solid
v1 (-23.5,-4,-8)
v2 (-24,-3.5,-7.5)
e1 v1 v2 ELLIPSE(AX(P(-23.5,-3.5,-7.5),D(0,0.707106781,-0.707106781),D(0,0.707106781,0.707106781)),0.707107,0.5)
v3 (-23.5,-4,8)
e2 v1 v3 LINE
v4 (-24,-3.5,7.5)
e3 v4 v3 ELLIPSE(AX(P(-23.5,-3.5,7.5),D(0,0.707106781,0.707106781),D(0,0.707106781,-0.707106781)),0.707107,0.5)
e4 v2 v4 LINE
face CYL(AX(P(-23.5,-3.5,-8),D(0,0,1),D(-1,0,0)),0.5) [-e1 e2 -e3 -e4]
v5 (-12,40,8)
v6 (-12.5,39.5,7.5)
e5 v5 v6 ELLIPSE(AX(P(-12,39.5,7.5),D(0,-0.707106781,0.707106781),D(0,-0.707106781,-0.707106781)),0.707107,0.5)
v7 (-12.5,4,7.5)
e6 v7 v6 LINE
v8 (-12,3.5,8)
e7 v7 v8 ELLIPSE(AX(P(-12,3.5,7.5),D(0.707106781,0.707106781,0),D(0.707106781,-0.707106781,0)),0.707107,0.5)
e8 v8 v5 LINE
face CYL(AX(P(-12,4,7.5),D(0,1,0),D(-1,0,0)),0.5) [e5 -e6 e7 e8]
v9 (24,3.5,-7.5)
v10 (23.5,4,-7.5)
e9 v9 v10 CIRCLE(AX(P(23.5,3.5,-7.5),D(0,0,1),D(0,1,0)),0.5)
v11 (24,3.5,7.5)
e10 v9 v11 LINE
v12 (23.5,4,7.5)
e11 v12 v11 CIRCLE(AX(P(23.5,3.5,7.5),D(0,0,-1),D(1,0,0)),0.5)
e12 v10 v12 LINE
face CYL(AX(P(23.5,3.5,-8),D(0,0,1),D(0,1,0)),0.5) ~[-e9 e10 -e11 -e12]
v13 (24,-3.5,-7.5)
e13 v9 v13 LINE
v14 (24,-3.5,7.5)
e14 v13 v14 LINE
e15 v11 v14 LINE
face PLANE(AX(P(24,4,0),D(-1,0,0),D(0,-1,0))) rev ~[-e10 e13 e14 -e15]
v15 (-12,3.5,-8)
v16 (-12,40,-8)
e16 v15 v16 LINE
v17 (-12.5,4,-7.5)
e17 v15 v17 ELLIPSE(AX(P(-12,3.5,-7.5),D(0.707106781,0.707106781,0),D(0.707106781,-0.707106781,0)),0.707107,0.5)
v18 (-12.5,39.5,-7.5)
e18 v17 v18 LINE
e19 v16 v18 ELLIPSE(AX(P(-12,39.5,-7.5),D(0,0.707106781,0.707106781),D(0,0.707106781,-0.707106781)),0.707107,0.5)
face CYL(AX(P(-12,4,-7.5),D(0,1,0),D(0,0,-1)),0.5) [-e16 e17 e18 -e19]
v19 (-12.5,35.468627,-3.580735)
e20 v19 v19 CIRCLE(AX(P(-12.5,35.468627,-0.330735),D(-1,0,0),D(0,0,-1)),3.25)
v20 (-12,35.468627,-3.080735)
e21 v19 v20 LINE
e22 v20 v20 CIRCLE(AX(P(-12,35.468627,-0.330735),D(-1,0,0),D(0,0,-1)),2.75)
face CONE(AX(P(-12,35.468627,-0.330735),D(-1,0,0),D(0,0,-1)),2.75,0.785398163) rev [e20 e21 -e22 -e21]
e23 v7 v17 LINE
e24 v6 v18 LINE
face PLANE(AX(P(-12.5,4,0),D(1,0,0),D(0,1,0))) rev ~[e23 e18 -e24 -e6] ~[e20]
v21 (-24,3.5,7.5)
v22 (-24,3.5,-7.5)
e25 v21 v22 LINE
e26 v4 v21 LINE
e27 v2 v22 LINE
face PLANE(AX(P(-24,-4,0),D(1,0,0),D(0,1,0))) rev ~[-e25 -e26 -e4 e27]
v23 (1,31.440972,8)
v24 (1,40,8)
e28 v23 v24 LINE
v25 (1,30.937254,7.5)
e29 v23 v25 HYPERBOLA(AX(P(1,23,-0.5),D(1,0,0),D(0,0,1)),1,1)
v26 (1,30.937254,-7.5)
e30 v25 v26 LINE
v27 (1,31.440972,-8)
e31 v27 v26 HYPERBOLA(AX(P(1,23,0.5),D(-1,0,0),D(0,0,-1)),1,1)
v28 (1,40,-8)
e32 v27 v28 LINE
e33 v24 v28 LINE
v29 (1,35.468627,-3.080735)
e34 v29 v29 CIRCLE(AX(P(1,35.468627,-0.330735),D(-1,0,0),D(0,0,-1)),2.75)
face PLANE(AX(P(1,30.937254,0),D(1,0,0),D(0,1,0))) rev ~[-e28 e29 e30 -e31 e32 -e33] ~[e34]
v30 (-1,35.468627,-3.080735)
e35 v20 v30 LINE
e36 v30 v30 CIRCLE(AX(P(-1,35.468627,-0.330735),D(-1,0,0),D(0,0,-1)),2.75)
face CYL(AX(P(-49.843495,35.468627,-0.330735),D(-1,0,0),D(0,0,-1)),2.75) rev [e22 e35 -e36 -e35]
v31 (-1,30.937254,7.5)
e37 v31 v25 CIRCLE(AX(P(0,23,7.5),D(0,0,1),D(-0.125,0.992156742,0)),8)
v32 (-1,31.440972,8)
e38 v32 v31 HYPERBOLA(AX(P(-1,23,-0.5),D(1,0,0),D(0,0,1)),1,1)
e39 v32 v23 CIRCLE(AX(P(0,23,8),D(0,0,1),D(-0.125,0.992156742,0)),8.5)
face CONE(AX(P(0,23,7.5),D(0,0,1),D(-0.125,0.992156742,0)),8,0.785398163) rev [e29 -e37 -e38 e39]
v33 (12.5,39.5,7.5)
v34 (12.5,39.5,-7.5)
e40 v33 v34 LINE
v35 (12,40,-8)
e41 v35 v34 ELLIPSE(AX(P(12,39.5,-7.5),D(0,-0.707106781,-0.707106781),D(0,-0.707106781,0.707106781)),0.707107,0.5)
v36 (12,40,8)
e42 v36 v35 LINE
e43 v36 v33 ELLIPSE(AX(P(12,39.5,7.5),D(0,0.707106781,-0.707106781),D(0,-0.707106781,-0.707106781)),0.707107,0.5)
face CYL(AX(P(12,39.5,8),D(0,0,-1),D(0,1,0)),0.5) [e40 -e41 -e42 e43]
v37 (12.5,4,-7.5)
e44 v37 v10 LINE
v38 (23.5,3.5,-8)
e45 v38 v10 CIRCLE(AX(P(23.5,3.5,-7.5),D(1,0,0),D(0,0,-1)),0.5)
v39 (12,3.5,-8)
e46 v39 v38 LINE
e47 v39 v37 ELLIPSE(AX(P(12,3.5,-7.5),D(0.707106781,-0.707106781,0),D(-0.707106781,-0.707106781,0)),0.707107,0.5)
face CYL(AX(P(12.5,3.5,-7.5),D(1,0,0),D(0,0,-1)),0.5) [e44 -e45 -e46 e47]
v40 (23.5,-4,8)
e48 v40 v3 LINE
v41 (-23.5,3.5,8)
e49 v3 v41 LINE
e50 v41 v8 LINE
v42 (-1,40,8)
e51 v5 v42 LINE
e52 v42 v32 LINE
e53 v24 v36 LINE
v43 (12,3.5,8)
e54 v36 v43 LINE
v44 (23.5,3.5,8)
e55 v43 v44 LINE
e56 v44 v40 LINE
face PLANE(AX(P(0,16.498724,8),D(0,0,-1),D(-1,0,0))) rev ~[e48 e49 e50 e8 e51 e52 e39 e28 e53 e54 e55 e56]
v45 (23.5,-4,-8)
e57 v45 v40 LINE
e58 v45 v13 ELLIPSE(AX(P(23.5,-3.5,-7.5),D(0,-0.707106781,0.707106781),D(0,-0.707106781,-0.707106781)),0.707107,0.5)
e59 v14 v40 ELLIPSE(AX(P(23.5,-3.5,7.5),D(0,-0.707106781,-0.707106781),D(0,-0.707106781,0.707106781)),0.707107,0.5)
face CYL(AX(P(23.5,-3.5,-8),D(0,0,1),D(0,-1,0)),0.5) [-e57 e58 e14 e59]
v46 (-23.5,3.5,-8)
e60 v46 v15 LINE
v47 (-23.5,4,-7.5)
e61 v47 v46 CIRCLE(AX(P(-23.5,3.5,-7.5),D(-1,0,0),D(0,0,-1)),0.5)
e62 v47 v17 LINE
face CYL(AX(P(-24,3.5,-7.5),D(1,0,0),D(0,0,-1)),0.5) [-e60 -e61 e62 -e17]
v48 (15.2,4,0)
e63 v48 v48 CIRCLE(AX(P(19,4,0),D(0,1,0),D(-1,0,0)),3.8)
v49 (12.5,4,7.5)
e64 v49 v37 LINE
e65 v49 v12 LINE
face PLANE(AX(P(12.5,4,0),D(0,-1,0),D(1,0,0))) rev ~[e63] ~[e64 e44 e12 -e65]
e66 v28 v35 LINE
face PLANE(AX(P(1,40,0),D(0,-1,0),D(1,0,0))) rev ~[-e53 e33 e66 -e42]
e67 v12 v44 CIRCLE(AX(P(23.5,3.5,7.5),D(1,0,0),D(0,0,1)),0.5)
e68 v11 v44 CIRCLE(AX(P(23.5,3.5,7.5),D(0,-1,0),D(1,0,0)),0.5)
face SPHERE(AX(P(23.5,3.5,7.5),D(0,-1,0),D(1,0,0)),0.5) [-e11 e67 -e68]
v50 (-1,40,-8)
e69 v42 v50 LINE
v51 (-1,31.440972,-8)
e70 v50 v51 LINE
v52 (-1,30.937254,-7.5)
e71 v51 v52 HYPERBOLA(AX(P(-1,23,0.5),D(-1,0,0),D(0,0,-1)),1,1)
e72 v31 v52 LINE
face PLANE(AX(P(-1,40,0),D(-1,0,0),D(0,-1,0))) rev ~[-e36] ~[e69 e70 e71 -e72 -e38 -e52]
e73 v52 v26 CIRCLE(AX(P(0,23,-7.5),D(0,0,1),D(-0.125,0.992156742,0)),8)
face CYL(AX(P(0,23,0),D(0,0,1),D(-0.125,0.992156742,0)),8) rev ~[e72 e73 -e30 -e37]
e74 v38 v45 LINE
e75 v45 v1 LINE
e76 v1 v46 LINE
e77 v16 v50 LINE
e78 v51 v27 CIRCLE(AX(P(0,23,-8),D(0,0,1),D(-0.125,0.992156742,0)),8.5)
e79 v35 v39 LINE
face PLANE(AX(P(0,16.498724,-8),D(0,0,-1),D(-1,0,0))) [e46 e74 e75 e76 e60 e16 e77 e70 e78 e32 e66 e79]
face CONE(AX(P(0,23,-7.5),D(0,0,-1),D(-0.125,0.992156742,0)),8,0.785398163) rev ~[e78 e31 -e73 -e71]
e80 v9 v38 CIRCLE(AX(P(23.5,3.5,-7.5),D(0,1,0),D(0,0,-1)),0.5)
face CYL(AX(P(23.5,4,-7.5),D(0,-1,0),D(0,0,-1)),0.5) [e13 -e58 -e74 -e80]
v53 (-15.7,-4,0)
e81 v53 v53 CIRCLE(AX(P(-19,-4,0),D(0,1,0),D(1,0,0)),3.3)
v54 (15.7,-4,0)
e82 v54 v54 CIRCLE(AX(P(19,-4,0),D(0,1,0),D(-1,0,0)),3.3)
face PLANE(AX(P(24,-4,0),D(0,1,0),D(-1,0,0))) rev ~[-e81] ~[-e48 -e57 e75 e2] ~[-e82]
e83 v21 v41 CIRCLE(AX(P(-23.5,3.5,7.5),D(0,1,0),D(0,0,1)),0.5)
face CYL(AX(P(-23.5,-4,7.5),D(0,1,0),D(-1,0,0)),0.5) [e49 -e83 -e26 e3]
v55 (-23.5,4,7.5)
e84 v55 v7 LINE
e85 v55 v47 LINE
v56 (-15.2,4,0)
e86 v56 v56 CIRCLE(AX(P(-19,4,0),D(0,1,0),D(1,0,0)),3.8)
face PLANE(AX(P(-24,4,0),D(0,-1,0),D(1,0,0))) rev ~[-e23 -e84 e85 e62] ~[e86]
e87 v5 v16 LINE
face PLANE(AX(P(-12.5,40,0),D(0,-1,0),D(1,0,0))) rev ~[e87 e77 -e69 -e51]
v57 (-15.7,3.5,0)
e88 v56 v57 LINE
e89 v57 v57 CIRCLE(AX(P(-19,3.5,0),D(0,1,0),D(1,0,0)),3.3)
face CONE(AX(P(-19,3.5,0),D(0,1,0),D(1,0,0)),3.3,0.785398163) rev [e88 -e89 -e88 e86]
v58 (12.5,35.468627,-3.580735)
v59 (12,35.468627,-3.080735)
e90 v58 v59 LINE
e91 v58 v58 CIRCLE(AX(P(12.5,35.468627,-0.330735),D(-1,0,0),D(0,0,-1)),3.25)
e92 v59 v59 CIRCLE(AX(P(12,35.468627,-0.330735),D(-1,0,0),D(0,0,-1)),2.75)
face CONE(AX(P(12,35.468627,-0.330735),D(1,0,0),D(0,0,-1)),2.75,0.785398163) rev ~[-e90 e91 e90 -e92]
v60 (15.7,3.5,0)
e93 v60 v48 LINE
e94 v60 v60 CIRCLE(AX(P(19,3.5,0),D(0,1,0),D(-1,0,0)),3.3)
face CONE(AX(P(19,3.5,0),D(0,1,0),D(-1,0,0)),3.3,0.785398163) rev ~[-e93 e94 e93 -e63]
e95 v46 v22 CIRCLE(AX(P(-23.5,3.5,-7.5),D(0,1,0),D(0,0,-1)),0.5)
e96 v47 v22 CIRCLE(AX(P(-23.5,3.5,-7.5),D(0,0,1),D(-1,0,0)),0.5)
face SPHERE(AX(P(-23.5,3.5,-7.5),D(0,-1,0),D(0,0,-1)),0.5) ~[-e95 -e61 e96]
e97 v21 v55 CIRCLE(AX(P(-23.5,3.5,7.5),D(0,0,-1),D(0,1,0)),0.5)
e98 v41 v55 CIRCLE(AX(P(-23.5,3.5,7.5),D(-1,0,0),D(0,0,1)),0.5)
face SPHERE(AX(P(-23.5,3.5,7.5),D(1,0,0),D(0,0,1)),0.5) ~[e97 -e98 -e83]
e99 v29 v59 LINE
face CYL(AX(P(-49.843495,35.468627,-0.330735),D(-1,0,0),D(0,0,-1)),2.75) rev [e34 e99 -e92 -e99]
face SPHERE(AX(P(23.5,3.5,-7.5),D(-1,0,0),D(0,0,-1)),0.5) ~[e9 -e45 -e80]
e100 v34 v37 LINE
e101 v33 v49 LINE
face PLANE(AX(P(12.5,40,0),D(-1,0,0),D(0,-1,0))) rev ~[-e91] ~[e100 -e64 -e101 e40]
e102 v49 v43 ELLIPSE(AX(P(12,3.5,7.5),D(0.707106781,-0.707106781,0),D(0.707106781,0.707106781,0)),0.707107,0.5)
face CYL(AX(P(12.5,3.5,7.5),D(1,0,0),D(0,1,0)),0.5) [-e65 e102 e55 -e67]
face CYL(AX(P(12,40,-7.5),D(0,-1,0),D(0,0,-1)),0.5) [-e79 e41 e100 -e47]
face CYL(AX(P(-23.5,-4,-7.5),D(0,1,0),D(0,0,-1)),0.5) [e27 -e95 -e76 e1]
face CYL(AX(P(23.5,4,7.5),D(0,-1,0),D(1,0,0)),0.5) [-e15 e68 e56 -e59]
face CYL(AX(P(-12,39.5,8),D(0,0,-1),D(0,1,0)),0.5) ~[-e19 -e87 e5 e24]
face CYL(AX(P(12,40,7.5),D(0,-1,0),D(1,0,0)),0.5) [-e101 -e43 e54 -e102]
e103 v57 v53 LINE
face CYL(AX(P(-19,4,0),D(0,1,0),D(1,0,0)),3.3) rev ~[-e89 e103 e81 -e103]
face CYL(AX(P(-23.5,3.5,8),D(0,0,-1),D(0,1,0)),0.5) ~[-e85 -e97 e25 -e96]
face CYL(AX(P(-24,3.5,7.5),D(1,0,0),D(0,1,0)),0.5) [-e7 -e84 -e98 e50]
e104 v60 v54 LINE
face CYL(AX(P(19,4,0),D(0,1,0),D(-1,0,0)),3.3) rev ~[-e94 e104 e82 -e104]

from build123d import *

# Parameters (mm, degrees)
BOSS_EXTRUDE1_DEPTH     = 8
SKETCH2_R               = 3.3
CUT_EXTRUDE1_DEPTH      = 45
CUT_EXTRUDE2_DEPTH      = 48.843494856
CUT_EXTRUDE2_DEPTH_BACK = 48.843494856
SKETCH5_R               = 2.75
CHAMFER2_SIZE           = 0.5
FILLET2_R               = 0.5


with BuildPart() as part:
    # Sketch1 → Boss-Extrude1 (new, symmetric)
    with BuildSketch(Plane.XY):
        with BuildLine():
            Line((-24, -4), (-24, 4))
            Line((-24, 4), (-12.5, 4))
            Line((-12.5, 4), (-12.5, 40))
            Line((-12.5, 40), (-1, 40))
            Line((-1, 40), (-1, 30.937253933))
            ThreePointArc((-1, 30.937253933), (0, 15), (1, 30.937253933))
            Line((1, 30.937253933), (1, 40))
            Line((1, 40), (12.5, 40))
            Line((12.5, 40), (12.5, 4))
            Line((12.5, 4), (24, 4))
            Line((24, 4), (24, -4))
            Line((24, -4), (-24, -4))
        make_face()
    extrude(amount=BOSS_EXTRUDE1_DEPTH, both=True)

    # Sketch2 → Cut-Extrude1 (cut, through all)
    with BuildSketch(Plane(origin=(0, 4, 0), x_dir=(1, 0, 0), z_dir=(0, 1, 0))):
        with Locations(Location((19, 0, 0), (0, 0, 180))):
            Circle(SKETCH2_R)
        with Locations((-19, 0)):
            Circle(SKETCH2_R)
    extrude(amount=-CUT_EXTRUDE1_DEPTH, mode=Mode.SUBTRACT)

    # Sketch5 → Cut-Extrude2 (cut, two sides: drawn at the far end of the back side and taken through both)
    with BuildSketch(Plane(origin=(-1, 0, 0), x_dir=(0, 0, -1), z_dir=(1, 0, 0)).offset(-CUT_EXTRUDE2_DEPTH_BACK)):
        with Locations((0.330734984, 35.468626967)):
            Circle(SKETCH5_R)
    extrude(amount=CUT_EXTRUDE2_DEPTH + CUT_EXTRUDE2_DEPTH_BACK, mode=Mode.SUBTRACT)

    # Chamfer2
    chamfer2_edges = [part.edges().sort_by_distance(p)[0] for p in [
        (0, 15, -8),
        (0, 15, 8),
        (22.3, 4, 0),
        (-22.3, 4, 0),
        (-12.5, 35.468626967, 2.419265016),
        (12.5, 35.468626967, 2.419265016),
    ]]
    chamfer(chamfer2_edges, length=CHAMFER2_SIZE)

    # Fillet2
    fillet2_edges = [part.edges().sort_by_distance(p)[0] for p in [
        (-18.25, 4, 8),
        (12.5, 22, -8),
        (18.25, 4, -8),
        (-24, 0, 8),
        (24, 0, -8),
        (-24, 0, -8),
        (-18.25, 4, -8),
        (-12.5, 22, -8),
        (24, 0, 8),
        (12.5, 40, 0),
        (24, 4, 0),
        (24, -4, 0),
        (-24, -4, 0),
        (-24, 4, 0),
        (-12.5, 40, 0),
        (18.25, 4, 8),
        (12.5, 22, 8),
        (-12.5, 22, 8),
    ]]
    fillet(fillet2_edges, radius=FILLET2_R)


solid = part.part
